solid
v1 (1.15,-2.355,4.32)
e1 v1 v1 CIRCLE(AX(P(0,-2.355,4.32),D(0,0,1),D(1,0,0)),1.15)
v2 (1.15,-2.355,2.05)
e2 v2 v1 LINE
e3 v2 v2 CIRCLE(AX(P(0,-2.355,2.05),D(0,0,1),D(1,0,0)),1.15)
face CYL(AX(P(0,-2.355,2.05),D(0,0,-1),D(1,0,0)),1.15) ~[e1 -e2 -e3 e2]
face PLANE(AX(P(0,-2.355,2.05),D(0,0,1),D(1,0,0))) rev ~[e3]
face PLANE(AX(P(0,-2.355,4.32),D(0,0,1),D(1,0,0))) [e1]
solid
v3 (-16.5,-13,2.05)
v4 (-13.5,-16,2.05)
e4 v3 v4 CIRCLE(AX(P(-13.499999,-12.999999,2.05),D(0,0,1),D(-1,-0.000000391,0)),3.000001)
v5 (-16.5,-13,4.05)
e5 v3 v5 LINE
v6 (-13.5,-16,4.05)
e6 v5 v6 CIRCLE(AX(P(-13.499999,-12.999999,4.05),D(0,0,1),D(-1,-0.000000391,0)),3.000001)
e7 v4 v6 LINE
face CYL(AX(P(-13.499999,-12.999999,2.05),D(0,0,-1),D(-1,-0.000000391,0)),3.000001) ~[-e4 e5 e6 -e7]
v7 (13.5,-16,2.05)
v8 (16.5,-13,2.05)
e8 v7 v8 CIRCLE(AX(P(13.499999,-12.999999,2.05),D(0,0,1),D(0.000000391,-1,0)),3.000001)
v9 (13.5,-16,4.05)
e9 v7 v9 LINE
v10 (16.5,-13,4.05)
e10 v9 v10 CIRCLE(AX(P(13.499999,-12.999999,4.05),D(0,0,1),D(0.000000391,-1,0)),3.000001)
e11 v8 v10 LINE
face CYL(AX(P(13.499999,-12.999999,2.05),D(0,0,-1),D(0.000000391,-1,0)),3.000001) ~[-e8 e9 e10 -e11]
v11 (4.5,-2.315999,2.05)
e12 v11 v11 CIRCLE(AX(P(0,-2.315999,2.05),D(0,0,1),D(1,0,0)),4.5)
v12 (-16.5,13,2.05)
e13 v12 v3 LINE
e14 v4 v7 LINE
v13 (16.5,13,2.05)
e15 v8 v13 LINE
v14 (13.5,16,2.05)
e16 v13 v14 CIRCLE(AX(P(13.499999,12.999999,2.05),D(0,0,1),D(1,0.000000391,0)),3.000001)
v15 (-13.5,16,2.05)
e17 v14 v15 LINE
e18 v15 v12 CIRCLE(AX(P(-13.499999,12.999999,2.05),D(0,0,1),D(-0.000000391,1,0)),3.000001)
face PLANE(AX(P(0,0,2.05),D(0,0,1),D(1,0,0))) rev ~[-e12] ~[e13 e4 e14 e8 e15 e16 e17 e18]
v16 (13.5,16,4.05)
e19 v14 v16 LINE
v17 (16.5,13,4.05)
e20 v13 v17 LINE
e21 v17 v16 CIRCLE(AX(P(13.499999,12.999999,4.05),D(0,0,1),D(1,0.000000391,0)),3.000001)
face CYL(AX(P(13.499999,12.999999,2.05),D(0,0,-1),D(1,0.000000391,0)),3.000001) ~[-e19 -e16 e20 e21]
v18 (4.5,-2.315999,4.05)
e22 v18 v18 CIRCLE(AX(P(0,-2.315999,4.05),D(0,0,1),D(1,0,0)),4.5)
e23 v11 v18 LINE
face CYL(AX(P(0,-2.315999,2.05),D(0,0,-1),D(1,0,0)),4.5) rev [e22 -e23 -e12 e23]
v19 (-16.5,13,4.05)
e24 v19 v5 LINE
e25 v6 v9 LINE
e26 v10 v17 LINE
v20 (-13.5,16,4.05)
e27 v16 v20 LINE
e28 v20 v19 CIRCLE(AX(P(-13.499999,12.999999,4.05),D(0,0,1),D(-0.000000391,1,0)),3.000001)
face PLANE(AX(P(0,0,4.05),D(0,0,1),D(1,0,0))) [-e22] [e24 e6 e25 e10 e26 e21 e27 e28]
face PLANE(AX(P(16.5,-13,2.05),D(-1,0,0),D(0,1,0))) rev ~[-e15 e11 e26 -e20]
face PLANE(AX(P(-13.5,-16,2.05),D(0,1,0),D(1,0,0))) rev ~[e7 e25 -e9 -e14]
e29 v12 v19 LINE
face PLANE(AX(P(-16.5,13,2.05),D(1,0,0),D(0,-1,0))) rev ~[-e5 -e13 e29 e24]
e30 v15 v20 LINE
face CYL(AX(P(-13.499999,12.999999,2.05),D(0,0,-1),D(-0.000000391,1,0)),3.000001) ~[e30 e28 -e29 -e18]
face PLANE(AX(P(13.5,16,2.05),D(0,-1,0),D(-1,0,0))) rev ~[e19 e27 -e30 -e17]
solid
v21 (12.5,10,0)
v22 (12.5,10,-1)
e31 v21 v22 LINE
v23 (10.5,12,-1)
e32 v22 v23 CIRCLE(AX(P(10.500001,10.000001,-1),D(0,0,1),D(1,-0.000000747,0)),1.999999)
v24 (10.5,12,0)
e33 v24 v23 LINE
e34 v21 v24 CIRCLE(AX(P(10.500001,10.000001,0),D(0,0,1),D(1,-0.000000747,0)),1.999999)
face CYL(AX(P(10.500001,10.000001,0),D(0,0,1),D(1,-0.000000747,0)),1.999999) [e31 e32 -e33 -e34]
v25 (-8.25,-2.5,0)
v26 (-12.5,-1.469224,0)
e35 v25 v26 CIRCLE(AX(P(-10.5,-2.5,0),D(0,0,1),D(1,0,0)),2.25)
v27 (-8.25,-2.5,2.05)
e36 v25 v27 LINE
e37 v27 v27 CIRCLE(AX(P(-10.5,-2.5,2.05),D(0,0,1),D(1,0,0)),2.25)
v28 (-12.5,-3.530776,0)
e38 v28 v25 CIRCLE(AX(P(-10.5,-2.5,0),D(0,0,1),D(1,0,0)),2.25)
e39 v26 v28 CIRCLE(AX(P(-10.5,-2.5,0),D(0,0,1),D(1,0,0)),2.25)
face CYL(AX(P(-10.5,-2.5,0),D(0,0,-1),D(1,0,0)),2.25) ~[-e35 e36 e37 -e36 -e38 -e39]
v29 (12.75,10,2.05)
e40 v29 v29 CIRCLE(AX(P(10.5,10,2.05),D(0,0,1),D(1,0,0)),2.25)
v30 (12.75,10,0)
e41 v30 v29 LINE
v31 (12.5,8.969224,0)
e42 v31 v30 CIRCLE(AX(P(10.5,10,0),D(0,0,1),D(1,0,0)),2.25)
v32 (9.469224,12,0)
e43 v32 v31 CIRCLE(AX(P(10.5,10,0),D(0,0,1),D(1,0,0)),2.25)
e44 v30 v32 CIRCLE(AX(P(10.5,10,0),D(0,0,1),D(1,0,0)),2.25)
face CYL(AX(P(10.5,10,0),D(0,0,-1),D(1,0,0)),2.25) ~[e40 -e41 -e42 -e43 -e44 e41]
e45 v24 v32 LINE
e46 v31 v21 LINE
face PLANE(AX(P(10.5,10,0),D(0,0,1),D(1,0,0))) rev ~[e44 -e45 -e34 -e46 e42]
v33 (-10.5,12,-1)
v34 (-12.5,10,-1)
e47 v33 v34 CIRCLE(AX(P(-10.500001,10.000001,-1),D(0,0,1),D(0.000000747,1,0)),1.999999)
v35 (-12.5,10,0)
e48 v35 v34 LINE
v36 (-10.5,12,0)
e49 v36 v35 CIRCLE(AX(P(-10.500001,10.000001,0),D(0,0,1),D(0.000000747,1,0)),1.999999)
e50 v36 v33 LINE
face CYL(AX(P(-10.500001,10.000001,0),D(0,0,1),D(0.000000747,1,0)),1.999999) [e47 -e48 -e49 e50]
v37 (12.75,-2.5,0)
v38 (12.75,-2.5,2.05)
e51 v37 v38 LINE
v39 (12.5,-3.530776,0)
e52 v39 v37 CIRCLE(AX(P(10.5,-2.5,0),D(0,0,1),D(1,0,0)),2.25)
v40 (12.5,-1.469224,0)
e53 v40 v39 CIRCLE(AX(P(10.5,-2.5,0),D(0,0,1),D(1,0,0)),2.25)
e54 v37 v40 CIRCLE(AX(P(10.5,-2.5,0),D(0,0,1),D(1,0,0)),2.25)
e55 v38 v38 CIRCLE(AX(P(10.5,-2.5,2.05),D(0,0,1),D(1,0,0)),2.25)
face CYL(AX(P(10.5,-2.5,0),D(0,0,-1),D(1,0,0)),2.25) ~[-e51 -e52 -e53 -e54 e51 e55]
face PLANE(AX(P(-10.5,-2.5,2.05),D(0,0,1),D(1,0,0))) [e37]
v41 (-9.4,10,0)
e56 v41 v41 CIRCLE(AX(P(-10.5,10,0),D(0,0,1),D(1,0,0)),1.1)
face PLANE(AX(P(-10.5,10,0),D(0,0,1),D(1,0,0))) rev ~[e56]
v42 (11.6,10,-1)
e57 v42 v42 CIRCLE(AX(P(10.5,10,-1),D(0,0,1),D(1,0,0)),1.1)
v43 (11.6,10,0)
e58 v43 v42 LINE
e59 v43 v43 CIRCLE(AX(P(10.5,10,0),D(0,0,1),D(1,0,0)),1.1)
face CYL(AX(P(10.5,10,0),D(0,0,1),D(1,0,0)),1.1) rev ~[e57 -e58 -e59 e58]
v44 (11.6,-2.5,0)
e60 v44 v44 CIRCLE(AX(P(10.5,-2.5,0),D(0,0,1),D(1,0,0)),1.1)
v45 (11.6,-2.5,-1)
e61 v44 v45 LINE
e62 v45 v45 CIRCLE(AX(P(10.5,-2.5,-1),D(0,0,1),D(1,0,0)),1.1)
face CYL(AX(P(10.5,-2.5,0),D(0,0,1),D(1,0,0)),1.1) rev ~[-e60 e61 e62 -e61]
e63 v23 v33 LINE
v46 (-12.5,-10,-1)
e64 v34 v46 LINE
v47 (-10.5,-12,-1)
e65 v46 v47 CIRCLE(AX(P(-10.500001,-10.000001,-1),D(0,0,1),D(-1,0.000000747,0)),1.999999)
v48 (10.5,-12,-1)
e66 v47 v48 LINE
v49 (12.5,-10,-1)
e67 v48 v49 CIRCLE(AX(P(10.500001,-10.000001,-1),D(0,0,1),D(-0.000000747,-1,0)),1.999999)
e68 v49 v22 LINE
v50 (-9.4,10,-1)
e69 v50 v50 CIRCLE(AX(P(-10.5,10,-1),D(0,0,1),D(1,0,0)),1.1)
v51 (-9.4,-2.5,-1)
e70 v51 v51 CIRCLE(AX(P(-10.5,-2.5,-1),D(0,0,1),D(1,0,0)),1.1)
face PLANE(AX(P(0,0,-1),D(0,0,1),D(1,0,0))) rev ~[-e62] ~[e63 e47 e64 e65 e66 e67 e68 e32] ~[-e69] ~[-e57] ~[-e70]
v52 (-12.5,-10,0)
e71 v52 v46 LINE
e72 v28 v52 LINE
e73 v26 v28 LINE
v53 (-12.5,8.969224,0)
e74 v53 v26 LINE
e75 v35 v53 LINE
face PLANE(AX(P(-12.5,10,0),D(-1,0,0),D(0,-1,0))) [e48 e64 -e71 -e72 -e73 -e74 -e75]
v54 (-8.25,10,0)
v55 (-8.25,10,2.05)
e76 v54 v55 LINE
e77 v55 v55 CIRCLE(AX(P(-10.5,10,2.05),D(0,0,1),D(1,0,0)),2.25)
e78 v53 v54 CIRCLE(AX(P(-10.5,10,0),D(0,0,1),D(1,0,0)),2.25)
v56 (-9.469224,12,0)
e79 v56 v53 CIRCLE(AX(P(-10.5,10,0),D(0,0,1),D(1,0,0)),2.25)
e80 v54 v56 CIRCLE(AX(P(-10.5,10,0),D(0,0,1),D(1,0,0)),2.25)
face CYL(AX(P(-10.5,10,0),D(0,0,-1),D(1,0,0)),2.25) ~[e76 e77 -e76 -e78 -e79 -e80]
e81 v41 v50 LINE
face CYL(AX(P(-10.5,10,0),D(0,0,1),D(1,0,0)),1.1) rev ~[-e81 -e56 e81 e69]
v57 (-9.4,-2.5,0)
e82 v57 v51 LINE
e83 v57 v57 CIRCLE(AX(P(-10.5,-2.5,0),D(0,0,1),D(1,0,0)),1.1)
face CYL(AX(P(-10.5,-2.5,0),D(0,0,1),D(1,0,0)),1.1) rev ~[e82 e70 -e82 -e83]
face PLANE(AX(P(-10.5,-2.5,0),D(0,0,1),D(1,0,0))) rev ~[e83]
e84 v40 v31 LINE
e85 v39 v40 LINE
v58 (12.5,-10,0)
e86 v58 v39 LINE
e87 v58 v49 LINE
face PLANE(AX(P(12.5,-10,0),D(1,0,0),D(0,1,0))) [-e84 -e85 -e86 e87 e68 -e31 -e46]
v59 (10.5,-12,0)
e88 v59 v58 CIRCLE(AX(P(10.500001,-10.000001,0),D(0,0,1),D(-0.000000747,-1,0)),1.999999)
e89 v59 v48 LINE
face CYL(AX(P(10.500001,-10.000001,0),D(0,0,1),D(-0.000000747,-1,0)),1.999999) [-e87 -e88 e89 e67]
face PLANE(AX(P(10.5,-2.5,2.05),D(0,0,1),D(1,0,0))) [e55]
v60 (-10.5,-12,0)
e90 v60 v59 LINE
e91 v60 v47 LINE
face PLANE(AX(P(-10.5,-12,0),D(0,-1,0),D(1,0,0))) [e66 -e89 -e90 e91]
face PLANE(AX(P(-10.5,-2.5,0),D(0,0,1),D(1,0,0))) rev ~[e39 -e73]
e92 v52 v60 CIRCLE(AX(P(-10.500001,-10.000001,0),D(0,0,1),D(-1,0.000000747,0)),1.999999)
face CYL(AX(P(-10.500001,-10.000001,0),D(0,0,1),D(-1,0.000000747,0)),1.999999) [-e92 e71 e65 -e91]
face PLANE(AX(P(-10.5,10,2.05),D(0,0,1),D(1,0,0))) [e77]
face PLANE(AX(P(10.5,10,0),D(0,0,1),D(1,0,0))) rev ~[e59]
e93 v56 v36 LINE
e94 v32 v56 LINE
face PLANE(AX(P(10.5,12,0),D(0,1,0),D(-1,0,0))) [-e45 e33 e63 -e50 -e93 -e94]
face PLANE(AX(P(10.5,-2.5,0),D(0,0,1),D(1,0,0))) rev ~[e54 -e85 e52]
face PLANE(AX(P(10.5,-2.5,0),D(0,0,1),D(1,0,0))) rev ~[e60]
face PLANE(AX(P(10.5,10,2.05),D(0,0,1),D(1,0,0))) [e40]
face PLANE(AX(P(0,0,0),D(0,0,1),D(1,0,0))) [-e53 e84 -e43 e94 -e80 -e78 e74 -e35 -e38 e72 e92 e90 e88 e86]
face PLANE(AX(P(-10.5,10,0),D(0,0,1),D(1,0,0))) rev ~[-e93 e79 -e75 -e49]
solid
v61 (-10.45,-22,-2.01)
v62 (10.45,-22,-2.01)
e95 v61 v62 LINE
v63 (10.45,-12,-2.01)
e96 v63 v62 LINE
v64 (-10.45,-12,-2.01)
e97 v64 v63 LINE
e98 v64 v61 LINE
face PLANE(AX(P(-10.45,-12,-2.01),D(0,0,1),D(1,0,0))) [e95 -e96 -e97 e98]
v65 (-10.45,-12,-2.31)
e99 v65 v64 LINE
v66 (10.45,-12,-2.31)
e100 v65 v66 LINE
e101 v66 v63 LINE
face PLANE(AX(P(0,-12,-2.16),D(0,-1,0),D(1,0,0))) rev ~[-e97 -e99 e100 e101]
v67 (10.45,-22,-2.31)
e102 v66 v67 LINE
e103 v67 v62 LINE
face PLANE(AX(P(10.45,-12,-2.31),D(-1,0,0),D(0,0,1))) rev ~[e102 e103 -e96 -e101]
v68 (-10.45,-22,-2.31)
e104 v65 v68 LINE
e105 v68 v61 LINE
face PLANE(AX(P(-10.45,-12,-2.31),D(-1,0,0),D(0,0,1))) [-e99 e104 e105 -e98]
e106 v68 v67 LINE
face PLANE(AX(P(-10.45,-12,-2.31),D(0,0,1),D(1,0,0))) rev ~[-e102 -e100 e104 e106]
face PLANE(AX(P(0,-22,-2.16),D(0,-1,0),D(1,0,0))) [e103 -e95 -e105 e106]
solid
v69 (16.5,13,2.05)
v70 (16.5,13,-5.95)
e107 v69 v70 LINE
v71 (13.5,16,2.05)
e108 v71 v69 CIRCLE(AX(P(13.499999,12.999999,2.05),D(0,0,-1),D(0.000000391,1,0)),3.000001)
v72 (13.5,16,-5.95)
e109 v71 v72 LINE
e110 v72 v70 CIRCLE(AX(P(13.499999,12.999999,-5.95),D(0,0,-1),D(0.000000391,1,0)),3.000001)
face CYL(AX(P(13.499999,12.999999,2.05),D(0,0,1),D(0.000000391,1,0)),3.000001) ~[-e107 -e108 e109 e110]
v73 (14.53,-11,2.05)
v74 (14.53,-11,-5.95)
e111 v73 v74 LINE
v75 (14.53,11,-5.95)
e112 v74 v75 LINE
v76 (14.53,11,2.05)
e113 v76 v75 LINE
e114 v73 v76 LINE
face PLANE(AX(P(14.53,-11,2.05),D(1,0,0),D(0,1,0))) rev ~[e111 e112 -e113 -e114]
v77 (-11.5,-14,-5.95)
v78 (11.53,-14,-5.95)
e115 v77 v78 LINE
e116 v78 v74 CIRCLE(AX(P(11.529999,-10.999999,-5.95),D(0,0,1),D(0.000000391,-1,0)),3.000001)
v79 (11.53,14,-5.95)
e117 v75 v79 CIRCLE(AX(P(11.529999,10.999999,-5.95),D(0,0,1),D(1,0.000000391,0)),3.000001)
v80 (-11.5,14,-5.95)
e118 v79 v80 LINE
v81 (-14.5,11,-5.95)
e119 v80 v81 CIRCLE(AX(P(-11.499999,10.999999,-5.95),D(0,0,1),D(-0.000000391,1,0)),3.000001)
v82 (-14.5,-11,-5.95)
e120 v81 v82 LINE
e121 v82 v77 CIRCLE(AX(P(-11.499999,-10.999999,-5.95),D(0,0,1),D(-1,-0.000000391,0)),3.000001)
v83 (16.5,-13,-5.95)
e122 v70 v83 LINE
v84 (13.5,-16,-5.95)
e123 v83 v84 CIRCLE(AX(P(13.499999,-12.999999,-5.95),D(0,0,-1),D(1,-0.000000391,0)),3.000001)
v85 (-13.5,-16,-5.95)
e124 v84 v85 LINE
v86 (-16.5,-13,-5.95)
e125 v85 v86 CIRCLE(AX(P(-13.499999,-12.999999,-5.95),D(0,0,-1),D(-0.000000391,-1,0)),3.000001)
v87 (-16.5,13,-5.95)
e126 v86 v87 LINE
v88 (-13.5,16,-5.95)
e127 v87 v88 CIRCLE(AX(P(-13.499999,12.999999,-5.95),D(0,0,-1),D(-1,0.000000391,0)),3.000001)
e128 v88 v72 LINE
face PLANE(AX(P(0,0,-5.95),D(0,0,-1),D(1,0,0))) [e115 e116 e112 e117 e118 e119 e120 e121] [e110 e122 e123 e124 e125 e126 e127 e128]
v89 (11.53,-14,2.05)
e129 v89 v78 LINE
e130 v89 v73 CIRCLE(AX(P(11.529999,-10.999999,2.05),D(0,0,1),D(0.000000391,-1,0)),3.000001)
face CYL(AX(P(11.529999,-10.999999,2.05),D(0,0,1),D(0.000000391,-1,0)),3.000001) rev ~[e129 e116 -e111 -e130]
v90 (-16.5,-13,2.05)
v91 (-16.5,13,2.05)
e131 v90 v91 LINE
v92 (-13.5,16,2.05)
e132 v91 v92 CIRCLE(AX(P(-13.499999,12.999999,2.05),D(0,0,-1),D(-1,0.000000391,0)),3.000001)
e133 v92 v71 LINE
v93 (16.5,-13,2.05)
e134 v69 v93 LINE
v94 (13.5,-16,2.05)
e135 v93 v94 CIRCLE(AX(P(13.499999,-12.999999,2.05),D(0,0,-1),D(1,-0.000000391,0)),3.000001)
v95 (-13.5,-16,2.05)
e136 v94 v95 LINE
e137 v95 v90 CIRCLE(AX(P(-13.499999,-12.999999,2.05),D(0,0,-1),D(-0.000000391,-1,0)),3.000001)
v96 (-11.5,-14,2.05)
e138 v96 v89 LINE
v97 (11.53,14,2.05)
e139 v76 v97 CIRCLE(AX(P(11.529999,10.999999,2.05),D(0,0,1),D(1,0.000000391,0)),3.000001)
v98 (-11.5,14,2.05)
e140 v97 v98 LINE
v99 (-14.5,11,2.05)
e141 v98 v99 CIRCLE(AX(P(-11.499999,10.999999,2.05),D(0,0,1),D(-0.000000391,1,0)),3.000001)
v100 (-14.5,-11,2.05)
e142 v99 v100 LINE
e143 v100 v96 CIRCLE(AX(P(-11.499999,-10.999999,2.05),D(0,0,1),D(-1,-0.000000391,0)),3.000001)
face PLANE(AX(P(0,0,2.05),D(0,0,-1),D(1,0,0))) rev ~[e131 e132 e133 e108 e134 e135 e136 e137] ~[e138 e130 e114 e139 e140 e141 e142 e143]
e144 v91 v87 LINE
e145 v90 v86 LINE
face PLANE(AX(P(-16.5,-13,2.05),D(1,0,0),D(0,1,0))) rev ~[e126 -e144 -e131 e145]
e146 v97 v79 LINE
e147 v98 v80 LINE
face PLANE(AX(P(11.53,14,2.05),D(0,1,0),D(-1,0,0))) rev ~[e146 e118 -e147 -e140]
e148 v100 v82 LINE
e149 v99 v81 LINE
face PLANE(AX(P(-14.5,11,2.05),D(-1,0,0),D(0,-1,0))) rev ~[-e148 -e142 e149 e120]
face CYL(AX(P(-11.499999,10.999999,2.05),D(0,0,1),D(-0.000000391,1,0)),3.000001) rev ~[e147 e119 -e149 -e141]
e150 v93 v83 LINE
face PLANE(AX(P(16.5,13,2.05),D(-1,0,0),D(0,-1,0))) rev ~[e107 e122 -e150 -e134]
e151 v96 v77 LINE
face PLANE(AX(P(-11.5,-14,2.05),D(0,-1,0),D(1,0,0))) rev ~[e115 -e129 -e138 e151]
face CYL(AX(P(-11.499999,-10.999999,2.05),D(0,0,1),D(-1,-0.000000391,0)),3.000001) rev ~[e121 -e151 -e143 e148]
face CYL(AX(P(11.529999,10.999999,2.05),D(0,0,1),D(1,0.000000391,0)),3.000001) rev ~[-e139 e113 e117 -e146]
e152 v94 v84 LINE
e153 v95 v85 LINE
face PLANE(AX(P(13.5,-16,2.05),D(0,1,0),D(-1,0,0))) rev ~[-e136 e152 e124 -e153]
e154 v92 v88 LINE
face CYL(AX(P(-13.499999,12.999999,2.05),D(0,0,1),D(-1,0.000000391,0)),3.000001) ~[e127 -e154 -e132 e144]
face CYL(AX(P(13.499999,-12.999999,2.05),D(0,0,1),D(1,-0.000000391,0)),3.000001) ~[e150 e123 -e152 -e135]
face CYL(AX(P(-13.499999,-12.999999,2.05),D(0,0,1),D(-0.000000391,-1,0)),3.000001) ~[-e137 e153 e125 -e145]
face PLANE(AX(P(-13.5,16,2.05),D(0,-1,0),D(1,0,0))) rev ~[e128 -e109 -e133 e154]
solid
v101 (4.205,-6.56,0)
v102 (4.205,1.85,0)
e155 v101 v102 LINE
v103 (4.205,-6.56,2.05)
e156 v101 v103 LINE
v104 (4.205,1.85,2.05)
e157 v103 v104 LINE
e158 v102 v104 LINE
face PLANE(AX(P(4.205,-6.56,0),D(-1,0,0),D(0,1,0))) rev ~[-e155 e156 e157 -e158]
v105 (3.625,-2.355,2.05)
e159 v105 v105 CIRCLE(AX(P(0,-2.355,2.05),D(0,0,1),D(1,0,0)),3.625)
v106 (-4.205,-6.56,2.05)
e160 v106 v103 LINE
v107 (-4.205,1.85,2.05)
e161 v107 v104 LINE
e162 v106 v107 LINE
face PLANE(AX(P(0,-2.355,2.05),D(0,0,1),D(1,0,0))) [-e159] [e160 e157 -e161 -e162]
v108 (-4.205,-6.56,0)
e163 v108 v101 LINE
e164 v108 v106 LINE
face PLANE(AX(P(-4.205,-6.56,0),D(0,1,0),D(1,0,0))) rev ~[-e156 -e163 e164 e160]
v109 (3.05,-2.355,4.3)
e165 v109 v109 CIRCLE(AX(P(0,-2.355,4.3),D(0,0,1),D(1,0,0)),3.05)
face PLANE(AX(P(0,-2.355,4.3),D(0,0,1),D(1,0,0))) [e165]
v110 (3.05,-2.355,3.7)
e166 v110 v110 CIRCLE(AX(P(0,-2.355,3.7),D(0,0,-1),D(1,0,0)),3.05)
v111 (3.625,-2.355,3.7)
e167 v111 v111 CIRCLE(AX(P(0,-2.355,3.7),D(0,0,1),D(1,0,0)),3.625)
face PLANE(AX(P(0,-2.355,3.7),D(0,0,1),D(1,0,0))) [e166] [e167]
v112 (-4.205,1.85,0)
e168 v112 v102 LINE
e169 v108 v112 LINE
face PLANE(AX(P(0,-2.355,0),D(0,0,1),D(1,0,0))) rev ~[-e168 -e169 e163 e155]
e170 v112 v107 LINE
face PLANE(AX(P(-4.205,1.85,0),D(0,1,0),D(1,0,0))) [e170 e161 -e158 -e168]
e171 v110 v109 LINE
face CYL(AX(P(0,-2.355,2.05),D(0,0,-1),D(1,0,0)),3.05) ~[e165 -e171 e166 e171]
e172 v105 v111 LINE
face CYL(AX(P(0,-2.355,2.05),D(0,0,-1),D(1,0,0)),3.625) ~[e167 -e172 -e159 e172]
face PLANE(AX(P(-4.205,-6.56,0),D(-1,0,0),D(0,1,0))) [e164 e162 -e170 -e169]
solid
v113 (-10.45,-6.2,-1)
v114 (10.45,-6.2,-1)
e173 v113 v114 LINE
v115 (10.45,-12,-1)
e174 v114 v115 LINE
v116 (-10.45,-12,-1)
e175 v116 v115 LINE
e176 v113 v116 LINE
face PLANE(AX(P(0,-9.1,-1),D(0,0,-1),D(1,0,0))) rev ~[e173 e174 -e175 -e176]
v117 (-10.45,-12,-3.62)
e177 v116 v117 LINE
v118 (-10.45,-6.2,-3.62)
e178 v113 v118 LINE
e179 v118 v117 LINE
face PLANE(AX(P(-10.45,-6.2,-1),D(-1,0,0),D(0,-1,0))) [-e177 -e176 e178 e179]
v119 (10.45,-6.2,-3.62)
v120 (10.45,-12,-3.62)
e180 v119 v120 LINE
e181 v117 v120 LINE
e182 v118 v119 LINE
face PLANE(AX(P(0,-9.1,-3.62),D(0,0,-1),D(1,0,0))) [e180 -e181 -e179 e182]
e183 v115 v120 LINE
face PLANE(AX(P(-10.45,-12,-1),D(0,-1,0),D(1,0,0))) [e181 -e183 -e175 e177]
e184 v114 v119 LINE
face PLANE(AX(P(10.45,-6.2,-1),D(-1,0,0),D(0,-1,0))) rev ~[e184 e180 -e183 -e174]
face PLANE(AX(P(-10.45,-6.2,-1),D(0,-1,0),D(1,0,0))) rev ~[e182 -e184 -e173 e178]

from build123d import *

# Parameters (mm, degrees)
F1_DEPTH  = 1
F2_R      = 1.1
F3_DEPTH  = 1
F4_W      = 8.41
F4_H      = 8.41
F5_DEPTH  = 2.05
F6_R      = 3.625
F6_R_2    = 3.05
F6_R_3    = 1.15
F7_DEPTH  = 1.65
F8_DEPTH  = 2.25
F9_DEPTH  = 2.27
F10_W     = 20.9
F10_H     = 5.8
F11_DEPTH = 2.62
F12_W     = 20.9
F12_H     = 0.3
F13_DEPTH = 10
F14_R     = 2.25
F15_DEPTH = 2.05
F16_R     = 4.5
F17_DEPTH = 2
F19_DEPTH = 8


with BuildPart() as f1:
    # F0 (on Top) → F1 (new body)
    with BuildSketch(Plane.XY):
        with BuildLine():
            ThreePointArc((12.5, 10), (11.914214, 11.414214), (10.5, 12))
            Line((10.5, 12), (-10.5, 12))
            ThreePointArc((-10.5, 12), (-11.914214, 11.414214), (-12.5, 10))
            Line((-12.5, 10), (-12.5, -10))
            ThreePointArc((-12.5, -10), (-11.914214, -11.414214), (-10.5, -12))
            Line((-10.5, -12), (10.5, -12))
            ThreePointArc((10.5, -12), (11.914214, -11.414214), (12.5, -10))
            Line((12.5, -10), (12.5, 10))
        make_face()
    extrude(amount=-F1_DEPTH)

    # F2 (on face) → F3 (cut, through all)
    with BuildSketch(Plane.XY):
        with Locations((-10.5, 10)):
            Circle(F2_R)
        with Locations((-10.5, -2.5)):
            Circle(F2_R)
        with Locations((10.5, -2.5)):
            Circle(F2_R)
        with Locations((10.5, 10)):
            Circle(F2_R)
    extrude(amount=-F3_DEPTH, mode=Mode.SUBTRACT)

    # F14 (on face) → F15 (join, through all)
    with BuildSketch(Plane.XY):
        with Locations((-10.5, 10)):
            Circle(F14_R)
        with Locations((10.5, 10)):
            Circle(F14_R)
        with Locations((10.5, -2.5)):
            Circle(F14_R)
        with Locations((-10.5, -2.5)):
            Circle(F14_R)
    extrude(amount=F15_DEPTH)


with BuildPart() as f5:
    # F4 (on face) → F5 (new body)
    with BuildSketch(Plane.XY):
        with Locations((0, -2.355)):
            Rectangle(F4_W, F4_H)
    extrude(amount=F5_DEPTH)

    # F6 (on face) → F7 (join)
    with BuildSketch(Plane.XY.offset(2.05)):
        with Locations((0, -2.355)):
            Circle(F6_R)
        with Locations((0, -2.355)):
            Circle(F6_R_2, mode=Mode.SUBTRACT)
        with Locations((0, -2.355)):
            Circle(F6_R_2)
        with Locations((0, -2.355)):
            Circle(F6_R_3, mode=Mode.SUBTRACT)
        with Locations((0, -2.355)):
            Circle(F6_R_3)
    extrude(amount=F7_DEPTH)

    # F6 (on face) → F8 (join)
    with BuildSketch(Plane.XY.offset(2.05)):
        with Locations((0, -2.355)):
            Circle(F6_R_2)
        with Locations((0, -2.355)):
            Circle(F6_R_3, mode=Mode.SUBTRACT)
        with Locations((0, -2.355)):
            Circle(F6_R_3)
    extrude(amount=F8_DEPTH)


with BuildPart() as f9:
    # F6 (on face) → F9 (new body)
    with BuildSketch(Plane.XY.offset(2.05)):
        with Locations((0, -2.355)):
            Circle(F6_R_3)
    extrude(amount=F9_DEPTH)


with BuildPart() as f11:
    # F10 (on face) → F11 (new body)
    with BuildSketch(Plane(origin=(0, 0, -1), x_dir=(1, 0, 0), z_dir=(0, 0, -1))):
        with Locations((0, 9.1)):
            Rectangle(F10_W, F10_H)
    extrude(amount=F11_DEPTH)


with BuildPart() as f13:
    # F12 (on face) → F13 (new body)
    with BuildSketch(Plane.XZ.offset(12)):
        with Locations((0, -2.16)):
            Rectangle(F12_W, F12_H)
    extrude(amount=F13_DEPTH)


with BuildPart() as f17:
    # F16 (on face) → F17 (new body)
    with BuildSketch(Plane.XY.offset(2.05)):
        with BuildLine():
            ThreePointArc((16.5, 13), (15.62132, 15.12132), (13.5, 16))
            Line((13.5, 16), (-13.5, 16))
            ThreePointArc((-13.5, 16), (-15.62132, 15.12132), (-16.5, 13))
            Line((-16.5, 13), (-16.5, -13))
            ThreePointArc((-16.5, -13), (-15.62132, -15.12132), (-13.5, -16))
            Line((-13.5, -16), (13.5, -16))
            ThreePointArc((13.5, -16), (15.62132, -15.12132), (16.5, -13))
            Line((16.5, -13), (16.5, 13))
        make_face()
        with Locations((0, -2.315999)):
            Circle(F16_R, mode=Mode.SUBTRACT)
    extrude(amount=F17_DEPTH)


with BuildPart() as f19:
    # F18 (on face) → F19 (new body)
    with BuildSketch(Plane(origin=(0, 0, 2.05), x_dir=(1, 0, 0), z_dir=(0, 0, -1))):
        with BuildLine():
            ThreePointArc((-16.5, -13), (-15.62132, -15.12132), (-13.5, -16))
            Line((-13.5, -16), (13.5, -16))
            ThreePointArc((13.5, -16), (15.62132, -15.12132), (16.5, -13))
            Line((16.5, -13), (16.5, 13))
            ThreePointArc((16.5, 13), (15.62132, 15.12132), (13.5, 16))
            Line((13.5, 16), (-13.5, 16))
            ThreePointArc((-13.5, 16), (-15.62132, 15.12132), (-16.5, 13))
            Line((-16.5, 13), (-16.5, -13))
        make_face()
        with BuildLine():
            Line((11.53, -14), (-11.5, -14))
            ThreePointArc((-11.5, -14), (-13.62132, -13.12132), (-14.5, -11))
            Line((-14.5, -11), (-14.5, 11))
            ThreePointArc((-14.5, 11), (-13.62132, 13.12132), (-11.5, 14))
            Line((-11.5, 14), (11.53, 14))
            ThreePointArc((11.53, 14), (13.65132, 13.12132), (14.53, 11))
            Line((14.53, 11), (14.53, -11))
            ThreePointArc((14.53, -11), (13.65132, -13.12132), (11.53, -14))
        make_face(mode=Mode.SUBTRACT)
    extrude(amount=F19_DEPTH)


solid = Compound([f1.part, f5.part, f9.part, f11.part, f13.part, f17.part, f19.part])
